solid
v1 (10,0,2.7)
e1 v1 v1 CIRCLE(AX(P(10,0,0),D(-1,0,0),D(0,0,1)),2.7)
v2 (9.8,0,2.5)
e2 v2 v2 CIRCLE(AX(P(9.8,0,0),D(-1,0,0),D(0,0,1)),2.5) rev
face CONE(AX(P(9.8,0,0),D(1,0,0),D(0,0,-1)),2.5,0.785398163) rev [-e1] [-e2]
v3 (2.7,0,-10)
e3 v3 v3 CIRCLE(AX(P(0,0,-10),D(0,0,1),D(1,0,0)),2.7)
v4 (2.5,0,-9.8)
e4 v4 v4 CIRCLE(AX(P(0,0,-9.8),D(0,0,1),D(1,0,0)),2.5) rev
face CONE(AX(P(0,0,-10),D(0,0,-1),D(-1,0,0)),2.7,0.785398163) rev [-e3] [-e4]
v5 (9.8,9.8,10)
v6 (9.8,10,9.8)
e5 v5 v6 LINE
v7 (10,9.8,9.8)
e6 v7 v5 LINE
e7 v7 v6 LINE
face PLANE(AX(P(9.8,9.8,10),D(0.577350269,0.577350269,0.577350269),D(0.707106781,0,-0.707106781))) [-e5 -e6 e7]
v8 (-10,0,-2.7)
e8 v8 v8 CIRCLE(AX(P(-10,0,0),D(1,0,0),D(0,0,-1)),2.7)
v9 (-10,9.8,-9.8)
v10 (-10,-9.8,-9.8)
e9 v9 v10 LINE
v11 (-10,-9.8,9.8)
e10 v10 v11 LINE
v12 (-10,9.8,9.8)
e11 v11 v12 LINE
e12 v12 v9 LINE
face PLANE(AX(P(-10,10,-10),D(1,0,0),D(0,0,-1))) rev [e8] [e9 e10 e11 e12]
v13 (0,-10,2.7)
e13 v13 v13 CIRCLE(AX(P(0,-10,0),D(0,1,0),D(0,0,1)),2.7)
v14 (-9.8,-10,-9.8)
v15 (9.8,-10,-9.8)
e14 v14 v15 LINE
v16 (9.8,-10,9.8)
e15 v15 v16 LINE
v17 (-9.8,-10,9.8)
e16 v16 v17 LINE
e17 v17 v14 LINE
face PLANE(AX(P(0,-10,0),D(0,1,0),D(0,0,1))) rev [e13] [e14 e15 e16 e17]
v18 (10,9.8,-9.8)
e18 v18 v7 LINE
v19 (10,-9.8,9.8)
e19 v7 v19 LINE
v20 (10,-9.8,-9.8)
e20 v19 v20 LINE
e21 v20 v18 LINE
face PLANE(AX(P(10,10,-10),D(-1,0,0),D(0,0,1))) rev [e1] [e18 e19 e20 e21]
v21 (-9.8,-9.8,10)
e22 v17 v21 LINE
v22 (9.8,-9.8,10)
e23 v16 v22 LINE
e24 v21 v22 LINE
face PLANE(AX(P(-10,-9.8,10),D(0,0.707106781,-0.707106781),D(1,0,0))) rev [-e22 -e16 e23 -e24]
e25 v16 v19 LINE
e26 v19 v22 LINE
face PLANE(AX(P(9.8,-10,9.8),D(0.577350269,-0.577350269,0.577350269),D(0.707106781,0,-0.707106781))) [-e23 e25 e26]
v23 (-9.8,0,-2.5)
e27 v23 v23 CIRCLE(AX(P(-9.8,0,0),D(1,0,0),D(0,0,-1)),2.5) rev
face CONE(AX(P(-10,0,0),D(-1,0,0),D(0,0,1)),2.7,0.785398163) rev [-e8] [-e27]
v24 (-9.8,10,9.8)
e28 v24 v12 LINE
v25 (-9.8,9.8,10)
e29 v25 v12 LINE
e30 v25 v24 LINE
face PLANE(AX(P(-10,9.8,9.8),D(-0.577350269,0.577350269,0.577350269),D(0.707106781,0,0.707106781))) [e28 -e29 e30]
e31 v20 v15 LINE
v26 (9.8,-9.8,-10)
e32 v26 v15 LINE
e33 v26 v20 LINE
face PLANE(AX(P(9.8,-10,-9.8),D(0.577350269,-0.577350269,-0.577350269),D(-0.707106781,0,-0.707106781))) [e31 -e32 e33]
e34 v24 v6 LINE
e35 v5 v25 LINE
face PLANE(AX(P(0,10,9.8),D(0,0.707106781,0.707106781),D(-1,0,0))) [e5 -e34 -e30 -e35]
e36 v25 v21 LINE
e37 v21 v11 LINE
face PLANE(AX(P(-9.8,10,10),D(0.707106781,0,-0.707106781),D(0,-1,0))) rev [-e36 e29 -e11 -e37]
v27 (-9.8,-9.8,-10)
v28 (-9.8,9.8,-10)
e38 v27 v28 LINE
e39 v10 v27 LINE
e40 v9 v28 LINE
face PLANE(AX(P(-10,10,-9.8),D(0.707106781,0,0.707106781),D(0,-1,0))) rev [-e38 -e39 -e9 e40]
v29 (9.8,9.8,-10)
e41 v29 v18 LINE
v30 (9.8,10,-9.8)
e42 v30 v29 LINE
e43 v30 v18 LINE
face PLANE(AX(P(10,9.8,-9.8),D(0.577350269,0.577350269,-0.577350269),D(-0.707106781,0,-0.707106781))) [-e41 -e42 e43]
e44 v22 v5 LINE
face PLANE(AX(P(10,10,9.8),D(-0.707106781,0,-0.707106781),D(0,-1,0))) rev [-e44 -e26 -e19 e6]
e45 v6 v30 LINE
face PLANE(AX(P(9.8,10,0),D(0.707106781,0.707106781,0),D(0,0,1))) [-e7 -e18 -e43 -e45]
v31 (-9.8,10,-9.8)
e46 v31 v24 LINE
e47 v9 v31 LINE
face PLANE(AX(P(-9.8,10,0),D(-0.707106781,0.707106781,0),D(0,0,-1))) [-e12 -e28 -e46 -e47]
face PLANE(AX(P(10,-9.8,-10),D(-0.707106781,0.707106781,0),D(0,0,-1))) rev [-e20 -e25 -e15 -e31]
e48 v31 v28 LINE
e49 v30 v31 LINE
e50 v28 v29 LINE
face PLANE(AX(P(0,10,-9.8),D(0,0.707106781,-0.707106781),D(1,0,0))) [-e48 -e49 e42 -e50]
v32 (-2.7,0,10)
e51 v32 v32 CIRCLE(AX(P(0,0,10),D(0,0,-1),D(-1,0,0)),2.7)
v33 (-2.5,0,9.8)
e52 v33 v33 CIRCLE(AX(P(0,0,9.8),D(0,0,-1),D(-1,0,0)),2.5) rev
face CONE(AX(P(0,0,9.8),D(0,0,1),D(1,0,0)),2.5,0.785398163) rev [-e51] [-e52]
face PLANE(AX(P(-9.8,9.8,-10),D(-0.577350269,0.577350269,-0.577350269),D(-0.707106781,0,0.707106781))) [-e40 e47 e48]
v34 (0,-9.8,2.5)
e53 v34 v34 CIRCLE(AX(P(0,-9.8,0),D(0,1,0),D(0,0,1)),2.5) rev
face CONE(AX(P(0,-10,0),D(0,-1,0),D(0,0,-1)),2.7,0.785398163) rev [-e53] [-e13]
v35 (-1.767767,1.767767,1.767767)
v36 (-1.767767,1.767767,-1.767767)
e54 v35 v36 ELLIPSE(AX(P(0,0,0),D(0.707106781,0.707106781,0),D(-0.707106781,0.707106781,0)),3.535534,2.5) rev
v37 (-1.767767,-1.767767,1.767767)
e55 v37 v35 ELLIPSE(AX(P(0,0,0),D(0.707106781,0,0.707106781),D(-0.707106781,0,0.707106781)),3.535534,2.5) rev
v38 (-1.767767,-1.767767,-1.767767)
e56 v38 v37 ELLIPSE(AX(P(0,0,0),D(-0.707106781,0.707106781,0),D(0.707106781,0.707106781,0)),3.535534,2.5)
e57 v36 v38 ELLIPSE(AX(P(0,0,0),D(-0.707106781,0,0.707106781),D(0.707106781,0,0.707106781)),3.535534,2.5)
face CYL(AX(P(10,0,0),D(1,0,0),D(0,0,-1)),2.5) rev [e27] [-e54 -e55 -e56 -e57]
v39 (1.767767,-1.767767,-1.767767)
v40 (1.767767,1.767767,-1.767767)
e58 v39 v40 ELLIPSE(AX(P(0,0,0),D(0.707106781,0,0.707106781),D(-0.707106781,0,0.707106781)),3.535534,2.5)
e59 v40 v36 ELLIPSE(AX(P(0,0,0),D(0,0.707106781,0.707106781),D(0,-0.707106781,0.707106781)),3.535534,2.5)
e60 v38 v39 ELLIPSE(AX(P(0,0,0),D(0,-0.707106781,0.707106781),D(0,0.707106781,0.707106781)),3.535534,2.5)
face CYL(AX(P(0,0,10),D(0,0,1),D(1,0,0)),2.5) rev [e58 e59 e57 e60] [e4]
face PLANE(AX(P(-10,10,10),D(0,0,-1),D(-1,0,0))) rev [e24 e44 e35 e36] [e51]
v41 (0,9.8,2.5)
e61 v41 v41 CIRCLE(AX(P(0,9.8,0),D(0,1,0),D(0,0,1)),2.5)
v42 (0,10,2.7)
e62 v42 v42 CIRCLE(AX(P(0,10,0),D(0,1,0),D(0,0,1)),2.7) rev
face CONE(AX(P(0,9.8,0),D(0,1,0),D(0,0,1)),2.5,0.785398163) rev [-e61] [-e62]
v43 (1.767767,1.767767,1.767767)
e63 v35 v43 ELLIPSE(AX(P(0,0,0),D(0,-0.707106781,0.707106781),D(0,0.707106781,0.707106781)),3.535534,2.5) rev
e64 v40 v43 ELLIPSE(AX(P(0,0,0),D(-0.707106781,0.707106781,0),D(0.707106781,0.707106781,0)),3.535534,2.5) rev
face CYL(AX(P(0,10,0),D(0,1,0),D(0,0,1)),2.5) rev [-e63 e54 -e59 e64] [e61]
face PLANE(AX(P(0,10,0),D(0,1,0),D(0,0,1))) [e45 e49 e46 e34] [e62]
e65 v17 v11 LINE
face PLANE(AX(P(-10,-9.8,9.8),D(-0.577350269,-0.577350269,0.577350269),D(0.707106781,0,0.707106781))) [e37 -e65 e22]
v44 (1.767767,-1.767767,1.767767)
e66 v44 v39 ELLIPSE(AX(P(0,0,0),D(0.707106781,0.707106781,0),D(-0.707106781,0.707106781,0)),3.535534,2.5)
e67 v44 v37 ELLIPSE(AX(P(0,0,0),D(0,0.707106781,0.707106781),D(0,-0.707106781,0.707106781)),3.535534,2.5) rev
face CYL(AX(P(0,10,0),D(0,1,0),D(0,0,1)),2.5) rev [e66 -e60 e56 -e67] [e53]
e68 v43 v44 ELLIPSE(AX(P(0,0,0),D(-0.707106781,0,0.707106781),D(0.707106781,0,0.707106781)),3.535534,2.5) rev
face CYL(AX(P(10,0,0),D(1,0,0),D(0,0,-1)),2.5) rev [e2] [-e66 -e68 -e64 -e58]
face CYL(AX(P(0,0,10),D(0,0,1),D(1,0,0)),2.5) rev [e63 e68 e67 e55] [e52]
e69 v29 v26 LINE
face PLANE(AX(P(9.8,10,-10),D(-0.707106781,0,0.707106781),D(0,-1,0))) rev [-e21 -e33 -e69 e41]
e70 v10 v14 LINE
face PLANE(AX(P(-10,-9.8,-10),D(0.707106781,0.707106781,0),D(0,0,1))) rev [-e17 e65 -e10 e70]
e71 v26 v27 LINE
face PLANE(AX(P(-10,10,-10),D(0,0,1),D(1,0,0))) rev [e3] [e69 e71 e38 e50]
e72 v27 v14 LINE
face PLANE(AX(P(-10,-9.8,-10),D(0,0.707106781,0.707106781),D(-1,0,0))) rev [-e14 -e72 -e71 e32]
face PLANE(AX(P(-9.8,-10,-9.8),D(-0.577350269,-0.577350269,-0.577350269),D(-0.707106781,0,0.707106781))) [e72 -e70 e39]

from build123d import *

# Parameters (mm, degrees)
SKETCH_1_W         = 20
SKETCH_1_H         = 20
EXTRUDE_1_DEPTH    = 10
HOLE_WIZARD_M6_1_D = 5
HOLE_WIZARD_M6_2_D = 5
HOLE_WIZARD_M6_3_D = 5
CHAMFER_1_SIZE     = 0.2


with BuildPart() as part:
    # 草图1 → 凸台-拉伸1 (new, symmetric)
    with BuildSketch(Plane(origin=(0, 0, 0), x_dir=(1, 0, 0), z_dir=(0, 1, 0))):
        Rectangle(SKETCH_1_W, SKETCH_1_H)
    extrude(amount=EXTRUDE_1_DEPTH, both=True)

    # M6 螺纹孔1 (through all)
    with Locations(Plane.XY.offset(10)):
        with Locations((0, 0)):
            Hole(HOLE_WIZARD_M6_1_D / 2)

    # M6 螺纹孔2 (through all)
    with Locations(Plane(origin=(0, 10, 0), x_dir=(1, 0, 0), z_dir=(0, 1, 0))):
        with Locations((0, 0)):
            Hole(HOLE_WIZARD_M6_2_D / 2)

    # M6 螺纹孔3 (through all)
    with Locations(Plane(origin=(10, 0, 0), x_dir=(0, 0, -1), z_dir=(1, 0, 0))):
        with Locations((0, 0)):
            Hole(HOLE_WIZARD_M6_3_D / 2)

    # 倒角1
    chamfer_1_edges = [part.edges().sort_by_distance(p)[0] for p in [
        (-10, 10, 0),
        (2.5, 0, 10),
        (2.5, 0, -10),
        (0, 10, 10),
        (2.5, -10, 0),
        (2.5, 10, 0),
        (-10, 0, -2.5),
        (10, 0, -2.5),
        (10, 10, 0),
        (0, -10, 10),
        (-10, -10, 0),
        (0, -10, -10),
        (10, -10, 0),
        (10, 0, 10),
        (-10, 0, 10),
        (-10, 0, -10),
        (10, 0, -10),
        (0, 10, -10),
    ]]
    chamfer(chamfer_1_edges, length=CHAMFER_1_SIZE)


solid = part.part
